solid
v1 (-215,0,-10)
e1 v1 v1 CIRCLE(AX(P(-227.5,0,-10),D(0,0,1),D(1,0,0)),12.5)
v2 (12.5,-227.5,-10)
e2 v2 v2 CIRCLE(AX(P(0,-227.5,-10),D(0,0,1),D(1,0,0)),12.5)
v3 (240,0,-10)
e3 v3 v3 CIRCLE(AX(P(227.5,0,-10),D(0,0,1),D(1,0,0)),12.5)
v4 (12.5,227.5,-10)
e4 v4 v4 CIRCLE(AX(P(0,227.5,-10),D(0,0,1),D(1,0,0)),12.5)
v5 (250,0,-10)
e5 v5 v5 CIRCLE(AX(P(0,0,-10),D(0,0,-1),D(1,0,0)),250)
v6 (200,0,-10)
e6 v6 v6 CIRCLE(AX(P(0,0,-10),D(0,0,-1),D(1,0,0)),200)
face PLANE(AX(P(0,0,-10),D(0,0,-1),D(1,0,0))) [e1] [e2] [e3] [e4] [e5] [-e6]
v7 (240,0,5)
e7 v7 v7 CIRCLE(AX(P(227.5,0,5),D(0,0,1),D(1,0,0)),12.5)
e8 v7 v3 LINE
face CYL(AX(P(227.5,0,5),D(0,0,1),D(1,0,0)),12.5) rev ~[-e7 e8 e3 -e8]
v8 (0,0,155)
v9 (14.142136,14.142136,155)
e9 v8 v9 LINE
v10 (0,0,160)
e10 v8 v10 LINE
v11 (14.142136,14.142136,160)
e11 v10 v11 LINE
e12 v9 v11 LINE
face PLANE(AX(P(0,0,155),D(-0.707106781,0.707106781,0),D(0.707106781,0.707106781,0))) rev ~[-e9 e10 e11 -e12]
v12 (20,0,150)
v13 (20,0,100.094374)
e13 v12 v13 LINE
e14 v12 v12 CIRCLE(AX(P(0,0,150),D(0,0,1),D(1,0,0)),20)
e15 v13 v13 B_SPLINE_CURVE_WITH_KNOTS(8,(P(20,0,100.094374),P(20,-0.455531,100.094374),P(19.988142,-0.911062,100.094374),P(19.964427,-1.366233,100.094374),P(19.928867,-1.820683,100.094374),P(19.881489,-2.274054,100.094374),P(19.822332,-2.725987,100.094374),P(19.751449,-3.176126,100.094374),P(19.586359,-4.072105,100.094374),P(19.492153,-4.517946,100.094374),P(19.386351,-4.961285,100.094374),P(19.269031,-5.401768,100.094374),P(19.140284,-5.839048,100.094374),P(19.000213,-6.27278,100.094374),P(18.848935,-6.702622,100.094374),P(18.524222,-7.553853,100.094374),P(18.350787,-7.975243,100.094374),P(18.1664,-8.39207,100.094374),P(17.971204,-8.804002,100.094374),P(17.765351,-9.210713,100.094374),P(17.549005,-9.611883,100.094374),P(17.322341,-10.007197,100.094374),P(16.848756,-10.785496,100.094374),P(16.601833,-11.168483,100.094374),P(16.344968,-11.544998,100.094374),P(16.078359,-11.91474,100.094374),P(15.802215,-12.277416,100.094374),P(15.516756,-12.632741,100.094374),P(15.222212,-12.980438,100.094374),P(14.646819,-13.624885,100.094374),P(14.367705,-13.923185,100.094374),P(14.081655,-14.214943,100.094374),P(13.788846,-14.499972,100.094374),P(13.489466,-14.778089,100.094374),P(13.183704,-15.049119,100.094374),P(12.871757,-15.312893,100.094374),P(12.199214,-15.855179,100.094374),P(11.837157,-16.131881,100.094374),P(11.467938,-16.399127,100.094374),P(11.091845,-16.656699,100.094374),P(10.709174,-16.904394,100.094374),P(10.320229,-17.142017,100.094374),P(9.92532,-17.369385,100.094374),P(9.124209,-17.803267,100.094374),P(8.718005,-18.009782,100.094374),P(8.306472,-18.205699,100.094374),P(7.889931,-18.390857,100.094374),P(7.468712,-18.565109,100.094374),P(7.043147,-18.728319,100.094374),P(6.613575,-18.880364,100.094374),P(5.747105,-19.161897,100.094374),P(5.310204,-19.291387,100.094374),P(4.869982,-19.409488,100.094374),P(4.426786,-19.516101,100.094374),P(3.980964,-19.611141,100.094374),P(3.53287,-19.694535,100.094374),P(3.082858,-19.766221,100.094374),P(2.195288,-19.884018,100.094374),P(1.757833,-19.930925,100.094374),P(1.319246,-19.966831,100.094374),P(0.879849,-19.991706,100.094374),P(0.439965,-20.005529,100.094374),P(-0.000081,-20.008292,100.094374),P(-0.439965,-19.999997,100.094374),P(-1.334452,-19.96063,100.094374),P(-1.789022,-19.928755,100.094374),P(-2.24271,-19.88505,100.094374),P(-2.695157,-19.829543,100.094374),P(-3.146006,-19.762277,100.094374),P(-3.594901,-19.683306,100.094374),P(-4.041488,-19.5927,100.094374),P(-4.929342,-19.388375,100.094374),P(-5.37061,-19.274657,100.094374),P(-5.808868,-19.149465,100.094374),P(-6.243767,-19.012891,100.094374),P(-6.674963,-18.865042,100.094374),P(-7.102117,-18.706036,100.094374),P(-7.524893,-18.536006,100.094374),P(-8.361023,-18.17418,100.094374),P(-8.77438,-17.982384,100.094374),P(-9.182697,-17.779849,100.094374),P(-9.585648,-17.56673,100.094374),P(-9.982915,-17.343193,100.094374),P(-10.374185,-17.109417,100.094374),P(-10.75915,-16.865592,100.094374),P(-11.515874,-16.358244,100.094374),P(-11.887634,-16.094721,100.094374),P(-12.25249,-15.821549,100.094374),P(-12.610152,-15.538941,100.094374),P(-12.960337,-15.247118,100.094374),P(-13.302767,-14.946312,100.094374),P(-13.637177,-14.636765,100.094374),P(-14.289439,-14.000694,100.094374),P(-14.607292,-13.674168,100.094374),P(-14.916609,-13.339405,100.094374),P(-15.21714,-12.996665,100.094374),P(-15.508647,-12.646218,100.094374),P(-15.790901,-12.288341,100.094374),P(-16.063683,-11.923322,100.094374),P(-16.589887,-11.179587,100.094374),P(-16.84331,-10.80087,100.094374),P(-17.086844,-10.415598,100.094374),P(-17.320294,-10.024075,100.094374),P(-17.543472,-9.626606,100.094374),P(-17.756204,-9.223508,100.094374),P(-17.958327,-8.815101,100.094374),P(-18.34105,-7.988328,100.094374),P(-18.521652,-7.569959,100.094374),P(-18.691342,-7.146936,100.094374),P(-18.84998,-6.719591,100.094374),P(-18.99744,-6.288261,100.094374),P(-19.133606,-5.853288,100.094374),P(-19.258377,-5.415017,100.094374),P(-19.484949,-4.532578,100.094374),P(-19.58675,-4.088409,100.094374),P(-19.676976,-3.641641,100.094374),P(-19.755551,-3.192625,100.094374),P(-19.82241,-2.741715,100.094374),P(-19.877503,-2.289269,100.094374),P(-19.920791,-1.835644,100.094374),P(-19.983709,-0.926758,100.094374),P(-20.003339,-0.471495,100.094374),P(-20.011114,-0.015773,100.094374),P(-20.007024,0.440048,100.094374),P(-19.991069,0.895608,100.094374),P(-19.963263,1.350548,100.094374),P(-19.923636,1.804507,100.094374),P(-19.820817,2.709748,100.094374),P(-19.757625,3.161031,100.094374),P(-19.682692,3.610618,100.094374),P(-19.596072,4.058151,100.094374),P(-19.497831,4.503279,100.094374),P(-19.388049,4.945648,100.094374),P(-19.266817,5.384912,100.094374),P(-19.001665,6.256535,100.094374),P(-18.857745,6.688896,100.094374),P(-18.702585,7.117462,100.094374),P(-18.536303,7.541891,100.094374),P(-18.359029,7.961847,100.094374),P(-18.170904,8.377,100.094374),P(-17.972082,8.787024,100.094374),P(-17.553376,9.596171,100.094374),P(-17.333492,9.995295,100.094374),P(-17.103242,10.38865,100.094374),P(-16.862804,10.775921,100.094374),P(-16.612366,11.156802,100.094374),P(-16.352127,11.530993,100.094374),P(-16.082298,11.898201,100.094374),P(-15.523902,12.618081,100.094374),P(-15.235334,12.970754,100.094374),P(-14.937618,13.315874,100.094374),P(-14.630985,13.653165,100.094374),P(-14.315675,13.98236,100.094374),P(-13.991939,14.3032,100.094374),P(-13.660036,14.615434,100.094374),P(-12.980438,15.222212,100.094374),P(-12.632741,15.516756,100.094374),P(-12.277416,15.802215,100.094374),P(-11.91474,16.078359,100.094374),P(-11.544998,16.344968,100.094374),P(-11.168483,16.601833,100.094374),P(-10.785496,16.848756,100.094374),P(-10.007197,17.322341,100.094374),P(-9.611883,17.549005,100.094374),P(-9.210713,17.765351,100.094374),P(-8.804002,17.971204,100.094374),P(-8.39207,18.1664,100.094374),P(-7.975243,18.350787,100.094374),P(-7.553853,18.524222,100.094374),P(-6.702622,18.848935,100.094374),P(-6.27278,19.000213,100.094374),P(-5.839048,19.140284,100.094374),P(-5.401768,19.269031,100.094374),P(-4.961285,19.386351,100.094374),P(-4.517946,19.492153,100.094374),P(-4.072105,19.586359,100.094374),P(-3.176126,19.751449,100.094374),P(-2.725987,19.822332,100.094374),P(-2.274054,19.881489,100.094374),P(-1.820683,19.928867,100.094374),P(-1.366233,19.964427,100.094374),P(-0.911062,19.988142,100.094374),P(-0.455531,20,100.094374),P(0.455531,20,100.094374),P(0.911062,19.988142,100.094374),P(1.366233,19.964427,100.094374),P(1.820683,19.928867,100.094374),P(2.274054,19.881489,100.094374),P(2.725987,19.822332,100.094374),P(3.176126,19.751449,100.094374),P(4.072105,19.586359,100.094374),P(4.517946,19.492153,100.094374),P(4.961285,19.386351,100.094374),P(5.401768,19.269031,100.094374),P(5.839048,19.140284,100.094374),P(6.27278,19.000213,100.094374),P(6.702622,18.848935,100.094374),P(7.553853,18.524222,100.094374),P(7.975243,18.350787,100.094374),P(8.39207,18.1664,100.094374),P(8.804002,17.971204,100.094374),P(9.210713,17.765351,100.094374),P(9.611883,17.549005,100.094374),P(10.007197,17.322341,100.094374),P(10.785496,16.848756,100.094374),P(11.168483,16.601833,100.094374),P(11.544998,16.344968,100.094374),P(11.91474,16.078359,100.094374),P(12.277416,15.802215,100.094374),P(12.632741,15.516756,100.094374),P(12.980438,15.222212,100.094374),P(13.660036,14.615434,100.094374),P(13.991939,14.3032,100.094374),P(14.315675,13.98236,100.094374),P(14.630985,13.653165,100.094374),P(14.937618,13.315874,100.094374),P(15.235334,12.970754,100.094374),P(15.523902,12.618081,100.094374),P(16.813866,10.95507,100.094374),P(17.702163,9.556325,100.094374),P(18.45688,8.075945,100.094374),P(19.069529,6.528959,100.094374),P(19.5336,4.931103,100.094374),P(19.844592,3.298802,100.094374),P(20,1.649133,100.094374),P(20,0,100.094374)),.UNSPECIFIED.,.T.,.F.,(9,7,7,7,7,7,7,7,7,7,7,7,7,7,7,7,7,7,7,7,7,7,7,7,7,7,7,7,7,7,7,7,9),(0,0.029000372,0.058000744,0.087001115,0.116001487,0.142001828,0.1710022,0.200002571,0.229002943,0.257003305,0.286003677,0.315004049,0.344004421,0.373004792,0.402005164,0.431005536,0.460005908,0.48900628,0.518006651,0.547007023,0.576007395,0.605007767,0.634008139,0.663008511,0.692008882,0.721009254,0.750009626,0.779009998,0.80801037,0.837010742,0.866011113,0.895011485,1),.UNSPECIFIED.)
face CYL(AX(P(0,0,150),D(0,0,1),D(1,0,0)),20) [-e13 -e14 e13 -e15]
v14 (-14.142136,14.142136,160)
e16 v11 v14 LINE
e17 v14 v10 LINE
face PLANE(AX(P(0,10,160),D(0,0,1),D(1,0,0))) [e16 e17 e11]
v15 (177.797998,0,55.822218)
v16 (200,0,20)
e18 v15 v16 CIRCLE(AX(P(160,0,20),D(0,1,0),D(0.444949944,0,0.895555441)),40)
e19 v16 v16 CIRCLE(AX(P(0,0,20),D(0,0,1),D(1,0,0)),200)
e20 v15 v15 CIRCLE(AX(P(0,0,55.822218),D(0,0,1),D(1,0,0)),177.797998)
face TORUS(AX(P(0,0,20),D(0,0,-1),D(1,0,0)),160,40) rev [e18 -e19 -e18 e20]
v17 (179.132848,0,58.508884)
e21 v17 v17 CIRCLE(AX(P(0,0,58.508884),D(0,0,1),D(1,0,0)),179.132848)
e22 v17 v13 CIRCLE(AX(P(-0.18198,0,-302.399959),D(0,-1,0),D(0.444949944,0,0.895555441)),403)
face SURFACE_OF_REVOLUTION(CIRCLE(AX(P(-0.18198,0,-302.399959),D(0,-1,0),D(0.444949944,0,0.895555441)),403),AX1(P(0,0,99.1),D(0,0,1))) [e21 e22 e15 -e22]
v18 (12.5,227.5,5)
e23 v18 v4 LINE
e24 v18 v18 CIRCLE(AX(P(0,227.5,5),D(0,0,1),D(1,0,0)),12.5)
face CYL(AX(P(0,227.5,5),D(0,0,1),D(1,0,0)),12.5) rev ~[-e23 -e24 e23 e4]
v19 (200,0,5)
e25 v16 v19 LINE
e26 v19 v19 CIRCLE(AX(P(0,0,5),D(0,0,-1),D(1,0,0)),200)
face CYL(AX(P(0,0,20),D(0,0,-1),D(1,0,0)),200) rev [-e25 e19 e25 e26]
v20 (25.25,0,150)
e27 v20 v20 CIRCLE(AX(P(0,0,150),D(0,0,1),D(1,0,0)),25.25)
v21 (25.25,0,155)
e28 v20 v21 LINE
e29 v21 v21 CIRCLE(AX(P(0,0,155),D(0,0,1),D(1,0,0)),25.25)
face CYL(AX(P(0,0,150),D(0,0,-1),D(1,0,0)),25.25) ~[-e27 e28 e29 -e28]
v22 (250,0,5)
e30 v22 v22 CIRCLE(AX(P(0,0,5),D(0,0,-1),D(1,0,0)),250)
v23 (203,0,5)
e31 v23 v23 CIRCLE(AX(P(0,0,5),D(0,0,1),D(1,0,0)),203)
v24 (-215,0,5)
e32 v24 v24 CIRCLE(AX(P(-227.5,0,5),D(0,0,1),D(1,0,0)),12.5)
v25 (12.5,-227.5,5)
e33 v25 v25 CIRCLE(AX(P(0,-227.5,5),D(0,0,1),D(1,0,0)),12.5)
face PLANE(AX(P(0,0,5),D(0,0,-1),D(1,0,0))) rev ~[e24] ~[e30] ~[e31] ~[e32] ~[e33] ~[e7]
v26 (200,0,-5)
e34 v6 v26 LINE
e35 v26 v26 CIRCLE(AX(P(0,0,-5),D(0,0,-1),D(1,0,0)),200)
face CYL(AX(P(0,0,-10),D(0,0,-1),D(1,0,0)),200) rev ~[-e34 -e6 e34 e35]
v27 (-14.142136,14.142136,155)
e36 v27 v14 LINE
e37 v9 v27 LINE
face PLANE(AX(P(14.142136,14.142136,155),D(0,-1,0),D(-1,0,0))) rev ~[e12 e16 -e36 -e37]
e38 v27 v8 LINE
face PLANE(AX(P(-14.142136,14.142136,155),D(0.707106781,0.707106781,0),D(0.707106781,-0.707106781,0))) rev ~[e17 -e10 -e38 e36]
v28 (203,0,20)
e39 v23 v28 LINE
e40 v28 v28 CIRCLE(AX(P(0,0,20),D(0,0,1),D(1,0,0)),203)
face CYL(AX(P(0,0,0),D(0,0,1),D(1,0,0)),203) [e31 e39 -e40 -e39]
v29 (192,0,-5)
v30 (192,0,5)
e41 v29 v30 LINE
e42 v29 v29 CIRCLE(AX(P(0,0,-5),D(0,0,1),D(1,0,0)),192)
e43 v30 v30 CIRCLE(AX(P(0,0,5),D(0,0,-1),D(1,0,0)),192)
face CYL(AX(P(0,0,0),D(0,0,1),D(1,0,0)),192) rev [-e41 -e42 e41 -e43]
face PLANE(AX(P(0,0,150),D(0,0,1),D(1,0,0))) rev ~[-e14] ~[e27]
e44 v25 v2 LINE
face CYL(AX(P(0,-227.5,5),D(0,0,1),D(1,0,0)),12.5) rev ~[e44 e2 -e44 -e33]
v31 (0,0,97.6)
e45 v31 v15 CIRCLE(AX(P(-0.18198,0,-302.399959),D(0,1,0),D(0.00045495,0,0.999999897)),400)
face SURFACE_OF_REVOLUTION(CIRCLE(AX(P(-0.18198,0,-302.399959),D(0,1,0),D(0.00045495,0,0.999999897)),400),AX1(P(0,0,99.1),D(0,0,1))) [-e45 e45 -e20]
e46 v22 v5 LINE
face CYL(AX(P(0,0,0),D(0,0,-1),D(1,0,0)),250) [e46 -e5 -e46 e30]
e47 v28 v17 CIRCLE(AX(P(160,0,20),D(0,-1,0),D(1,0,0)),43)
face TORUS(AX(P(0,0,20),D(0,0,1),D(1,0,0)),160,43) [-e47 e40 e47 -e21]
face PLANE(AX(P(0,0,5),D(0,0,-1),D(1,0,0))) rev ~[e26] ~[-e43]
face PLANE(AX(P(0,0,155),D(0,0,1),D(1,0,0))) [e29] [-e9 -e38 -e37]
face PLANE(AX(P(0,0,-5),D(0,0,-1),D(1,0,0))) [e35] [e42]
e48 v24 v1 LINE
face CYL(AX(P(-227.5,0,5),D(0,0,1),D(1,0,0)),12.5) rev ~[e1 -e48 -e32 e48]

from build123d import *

# Parameters (mm, degrees)
F2_R          = 250
F2_R_2        = 192
F3_DEPTH      = 10
F3_DEPTH_BACK = 5
F5_R          = 20
F7_R          = 25.25
F8_DEPTH      = 5
F10_DEPTH     = 5
F11_R         = 12.5
F12_DEPTH     = 20
F13_R         = 200
F14_DEPTH     = 5


with BuildPart() as f1:
    # F0 (on Front) → F1 (revolve)
    with BuildSketch(Plane.XZ):
        with BuildLine():
            Line((200, 20), (200, 0))
            Line((200, 0), (203, 0))
            Line((203, 0), (203, 20))
            ThreePointArc((203, 20), (196.5493669363, 42.6526770285), (179.1328476019, 58.5088839444))
            ThreePointArc((179.1328476019, 58.5088839444), (92.0009441475, 89.9153591058), (0, 100.6000003082))
            Line((0, 100.6000003082), (0, 97.6))
            ThreePointArc((0, 97.6), (91.3153782925, 86.994742746), (177.7979977692, 55.8222176227))
            ThreePointArc((177.7979977692, 55.8222176227), (193.9994111035, 41.072257701), (200, 20))
        make_face()
    revolve(axis=Axis((0, 0, 99.1000001541), (0, 0, 1)))

    # F2 (on face) → F3 (join, two sides)
    with BuildSketch(Plane(origin=(0, 0, 0), x_dir=(1, 0, 0), z_dir=(0, 0, -1))) as f3_sk:
        Circle(F2_R)
        Circle(F2_R_2, mode=Mode.SUBTRACT)
    extrude(amount=F3_DEPTH)
    extrude(f3_sk.sketch, amount=-F3_DEPTH_BACK)

    # F5 (on offset) → F6 (join, up to the next surface of F1)
    with BuildSketch(Plane.XY.offset(150)):
        Circle(F5_R)
    extrude(until=Until.NEXT, dir=(0, 0, -1))

    # F7 (on face) → F8 (join)
    with BuildSketch(Plane.XY.offset(150)):
        Circle(F7_R)
    extrude(amount=F8_DEPTH)

    # F9 (on face) → F10 (join)
    with BuildSketch(Plane.XY.offset(155)):
        Polygon((-14.1421356237, 14.1421356237), (0, 0), (14.1421356237, 14.1421356237), align=None)
    extrude(amount=F10_DEPTH)

    # F11 (on face) → F12 (cut)
    with BuildSketch(Plane.XY.offset(5)):
        with Locations((227.5, 0)):
            Circle(F11_R)
        with Locations((0, 227.5)):
            Circle(F11_R)
        with Locations((-227.5, 0)):
            Circle(F11_R)
        with Locations((0, -227.5)):
            Circle(F11_R)
    extrude(amount=-F12_DEPTH, mode=Mode.SUBTRACT)

    # F13 (on face) → F14 (cut)
    with BuildSketch(Plane(origin=(0, 0, -10), x_dir=(1, 0, 0), z_dir=(0, 0, -1))):
        Circle(F13_R)
    extrude(amount=-F14_DEPTH, mode=Mode.SUBTRACT)


solid = f1.part
